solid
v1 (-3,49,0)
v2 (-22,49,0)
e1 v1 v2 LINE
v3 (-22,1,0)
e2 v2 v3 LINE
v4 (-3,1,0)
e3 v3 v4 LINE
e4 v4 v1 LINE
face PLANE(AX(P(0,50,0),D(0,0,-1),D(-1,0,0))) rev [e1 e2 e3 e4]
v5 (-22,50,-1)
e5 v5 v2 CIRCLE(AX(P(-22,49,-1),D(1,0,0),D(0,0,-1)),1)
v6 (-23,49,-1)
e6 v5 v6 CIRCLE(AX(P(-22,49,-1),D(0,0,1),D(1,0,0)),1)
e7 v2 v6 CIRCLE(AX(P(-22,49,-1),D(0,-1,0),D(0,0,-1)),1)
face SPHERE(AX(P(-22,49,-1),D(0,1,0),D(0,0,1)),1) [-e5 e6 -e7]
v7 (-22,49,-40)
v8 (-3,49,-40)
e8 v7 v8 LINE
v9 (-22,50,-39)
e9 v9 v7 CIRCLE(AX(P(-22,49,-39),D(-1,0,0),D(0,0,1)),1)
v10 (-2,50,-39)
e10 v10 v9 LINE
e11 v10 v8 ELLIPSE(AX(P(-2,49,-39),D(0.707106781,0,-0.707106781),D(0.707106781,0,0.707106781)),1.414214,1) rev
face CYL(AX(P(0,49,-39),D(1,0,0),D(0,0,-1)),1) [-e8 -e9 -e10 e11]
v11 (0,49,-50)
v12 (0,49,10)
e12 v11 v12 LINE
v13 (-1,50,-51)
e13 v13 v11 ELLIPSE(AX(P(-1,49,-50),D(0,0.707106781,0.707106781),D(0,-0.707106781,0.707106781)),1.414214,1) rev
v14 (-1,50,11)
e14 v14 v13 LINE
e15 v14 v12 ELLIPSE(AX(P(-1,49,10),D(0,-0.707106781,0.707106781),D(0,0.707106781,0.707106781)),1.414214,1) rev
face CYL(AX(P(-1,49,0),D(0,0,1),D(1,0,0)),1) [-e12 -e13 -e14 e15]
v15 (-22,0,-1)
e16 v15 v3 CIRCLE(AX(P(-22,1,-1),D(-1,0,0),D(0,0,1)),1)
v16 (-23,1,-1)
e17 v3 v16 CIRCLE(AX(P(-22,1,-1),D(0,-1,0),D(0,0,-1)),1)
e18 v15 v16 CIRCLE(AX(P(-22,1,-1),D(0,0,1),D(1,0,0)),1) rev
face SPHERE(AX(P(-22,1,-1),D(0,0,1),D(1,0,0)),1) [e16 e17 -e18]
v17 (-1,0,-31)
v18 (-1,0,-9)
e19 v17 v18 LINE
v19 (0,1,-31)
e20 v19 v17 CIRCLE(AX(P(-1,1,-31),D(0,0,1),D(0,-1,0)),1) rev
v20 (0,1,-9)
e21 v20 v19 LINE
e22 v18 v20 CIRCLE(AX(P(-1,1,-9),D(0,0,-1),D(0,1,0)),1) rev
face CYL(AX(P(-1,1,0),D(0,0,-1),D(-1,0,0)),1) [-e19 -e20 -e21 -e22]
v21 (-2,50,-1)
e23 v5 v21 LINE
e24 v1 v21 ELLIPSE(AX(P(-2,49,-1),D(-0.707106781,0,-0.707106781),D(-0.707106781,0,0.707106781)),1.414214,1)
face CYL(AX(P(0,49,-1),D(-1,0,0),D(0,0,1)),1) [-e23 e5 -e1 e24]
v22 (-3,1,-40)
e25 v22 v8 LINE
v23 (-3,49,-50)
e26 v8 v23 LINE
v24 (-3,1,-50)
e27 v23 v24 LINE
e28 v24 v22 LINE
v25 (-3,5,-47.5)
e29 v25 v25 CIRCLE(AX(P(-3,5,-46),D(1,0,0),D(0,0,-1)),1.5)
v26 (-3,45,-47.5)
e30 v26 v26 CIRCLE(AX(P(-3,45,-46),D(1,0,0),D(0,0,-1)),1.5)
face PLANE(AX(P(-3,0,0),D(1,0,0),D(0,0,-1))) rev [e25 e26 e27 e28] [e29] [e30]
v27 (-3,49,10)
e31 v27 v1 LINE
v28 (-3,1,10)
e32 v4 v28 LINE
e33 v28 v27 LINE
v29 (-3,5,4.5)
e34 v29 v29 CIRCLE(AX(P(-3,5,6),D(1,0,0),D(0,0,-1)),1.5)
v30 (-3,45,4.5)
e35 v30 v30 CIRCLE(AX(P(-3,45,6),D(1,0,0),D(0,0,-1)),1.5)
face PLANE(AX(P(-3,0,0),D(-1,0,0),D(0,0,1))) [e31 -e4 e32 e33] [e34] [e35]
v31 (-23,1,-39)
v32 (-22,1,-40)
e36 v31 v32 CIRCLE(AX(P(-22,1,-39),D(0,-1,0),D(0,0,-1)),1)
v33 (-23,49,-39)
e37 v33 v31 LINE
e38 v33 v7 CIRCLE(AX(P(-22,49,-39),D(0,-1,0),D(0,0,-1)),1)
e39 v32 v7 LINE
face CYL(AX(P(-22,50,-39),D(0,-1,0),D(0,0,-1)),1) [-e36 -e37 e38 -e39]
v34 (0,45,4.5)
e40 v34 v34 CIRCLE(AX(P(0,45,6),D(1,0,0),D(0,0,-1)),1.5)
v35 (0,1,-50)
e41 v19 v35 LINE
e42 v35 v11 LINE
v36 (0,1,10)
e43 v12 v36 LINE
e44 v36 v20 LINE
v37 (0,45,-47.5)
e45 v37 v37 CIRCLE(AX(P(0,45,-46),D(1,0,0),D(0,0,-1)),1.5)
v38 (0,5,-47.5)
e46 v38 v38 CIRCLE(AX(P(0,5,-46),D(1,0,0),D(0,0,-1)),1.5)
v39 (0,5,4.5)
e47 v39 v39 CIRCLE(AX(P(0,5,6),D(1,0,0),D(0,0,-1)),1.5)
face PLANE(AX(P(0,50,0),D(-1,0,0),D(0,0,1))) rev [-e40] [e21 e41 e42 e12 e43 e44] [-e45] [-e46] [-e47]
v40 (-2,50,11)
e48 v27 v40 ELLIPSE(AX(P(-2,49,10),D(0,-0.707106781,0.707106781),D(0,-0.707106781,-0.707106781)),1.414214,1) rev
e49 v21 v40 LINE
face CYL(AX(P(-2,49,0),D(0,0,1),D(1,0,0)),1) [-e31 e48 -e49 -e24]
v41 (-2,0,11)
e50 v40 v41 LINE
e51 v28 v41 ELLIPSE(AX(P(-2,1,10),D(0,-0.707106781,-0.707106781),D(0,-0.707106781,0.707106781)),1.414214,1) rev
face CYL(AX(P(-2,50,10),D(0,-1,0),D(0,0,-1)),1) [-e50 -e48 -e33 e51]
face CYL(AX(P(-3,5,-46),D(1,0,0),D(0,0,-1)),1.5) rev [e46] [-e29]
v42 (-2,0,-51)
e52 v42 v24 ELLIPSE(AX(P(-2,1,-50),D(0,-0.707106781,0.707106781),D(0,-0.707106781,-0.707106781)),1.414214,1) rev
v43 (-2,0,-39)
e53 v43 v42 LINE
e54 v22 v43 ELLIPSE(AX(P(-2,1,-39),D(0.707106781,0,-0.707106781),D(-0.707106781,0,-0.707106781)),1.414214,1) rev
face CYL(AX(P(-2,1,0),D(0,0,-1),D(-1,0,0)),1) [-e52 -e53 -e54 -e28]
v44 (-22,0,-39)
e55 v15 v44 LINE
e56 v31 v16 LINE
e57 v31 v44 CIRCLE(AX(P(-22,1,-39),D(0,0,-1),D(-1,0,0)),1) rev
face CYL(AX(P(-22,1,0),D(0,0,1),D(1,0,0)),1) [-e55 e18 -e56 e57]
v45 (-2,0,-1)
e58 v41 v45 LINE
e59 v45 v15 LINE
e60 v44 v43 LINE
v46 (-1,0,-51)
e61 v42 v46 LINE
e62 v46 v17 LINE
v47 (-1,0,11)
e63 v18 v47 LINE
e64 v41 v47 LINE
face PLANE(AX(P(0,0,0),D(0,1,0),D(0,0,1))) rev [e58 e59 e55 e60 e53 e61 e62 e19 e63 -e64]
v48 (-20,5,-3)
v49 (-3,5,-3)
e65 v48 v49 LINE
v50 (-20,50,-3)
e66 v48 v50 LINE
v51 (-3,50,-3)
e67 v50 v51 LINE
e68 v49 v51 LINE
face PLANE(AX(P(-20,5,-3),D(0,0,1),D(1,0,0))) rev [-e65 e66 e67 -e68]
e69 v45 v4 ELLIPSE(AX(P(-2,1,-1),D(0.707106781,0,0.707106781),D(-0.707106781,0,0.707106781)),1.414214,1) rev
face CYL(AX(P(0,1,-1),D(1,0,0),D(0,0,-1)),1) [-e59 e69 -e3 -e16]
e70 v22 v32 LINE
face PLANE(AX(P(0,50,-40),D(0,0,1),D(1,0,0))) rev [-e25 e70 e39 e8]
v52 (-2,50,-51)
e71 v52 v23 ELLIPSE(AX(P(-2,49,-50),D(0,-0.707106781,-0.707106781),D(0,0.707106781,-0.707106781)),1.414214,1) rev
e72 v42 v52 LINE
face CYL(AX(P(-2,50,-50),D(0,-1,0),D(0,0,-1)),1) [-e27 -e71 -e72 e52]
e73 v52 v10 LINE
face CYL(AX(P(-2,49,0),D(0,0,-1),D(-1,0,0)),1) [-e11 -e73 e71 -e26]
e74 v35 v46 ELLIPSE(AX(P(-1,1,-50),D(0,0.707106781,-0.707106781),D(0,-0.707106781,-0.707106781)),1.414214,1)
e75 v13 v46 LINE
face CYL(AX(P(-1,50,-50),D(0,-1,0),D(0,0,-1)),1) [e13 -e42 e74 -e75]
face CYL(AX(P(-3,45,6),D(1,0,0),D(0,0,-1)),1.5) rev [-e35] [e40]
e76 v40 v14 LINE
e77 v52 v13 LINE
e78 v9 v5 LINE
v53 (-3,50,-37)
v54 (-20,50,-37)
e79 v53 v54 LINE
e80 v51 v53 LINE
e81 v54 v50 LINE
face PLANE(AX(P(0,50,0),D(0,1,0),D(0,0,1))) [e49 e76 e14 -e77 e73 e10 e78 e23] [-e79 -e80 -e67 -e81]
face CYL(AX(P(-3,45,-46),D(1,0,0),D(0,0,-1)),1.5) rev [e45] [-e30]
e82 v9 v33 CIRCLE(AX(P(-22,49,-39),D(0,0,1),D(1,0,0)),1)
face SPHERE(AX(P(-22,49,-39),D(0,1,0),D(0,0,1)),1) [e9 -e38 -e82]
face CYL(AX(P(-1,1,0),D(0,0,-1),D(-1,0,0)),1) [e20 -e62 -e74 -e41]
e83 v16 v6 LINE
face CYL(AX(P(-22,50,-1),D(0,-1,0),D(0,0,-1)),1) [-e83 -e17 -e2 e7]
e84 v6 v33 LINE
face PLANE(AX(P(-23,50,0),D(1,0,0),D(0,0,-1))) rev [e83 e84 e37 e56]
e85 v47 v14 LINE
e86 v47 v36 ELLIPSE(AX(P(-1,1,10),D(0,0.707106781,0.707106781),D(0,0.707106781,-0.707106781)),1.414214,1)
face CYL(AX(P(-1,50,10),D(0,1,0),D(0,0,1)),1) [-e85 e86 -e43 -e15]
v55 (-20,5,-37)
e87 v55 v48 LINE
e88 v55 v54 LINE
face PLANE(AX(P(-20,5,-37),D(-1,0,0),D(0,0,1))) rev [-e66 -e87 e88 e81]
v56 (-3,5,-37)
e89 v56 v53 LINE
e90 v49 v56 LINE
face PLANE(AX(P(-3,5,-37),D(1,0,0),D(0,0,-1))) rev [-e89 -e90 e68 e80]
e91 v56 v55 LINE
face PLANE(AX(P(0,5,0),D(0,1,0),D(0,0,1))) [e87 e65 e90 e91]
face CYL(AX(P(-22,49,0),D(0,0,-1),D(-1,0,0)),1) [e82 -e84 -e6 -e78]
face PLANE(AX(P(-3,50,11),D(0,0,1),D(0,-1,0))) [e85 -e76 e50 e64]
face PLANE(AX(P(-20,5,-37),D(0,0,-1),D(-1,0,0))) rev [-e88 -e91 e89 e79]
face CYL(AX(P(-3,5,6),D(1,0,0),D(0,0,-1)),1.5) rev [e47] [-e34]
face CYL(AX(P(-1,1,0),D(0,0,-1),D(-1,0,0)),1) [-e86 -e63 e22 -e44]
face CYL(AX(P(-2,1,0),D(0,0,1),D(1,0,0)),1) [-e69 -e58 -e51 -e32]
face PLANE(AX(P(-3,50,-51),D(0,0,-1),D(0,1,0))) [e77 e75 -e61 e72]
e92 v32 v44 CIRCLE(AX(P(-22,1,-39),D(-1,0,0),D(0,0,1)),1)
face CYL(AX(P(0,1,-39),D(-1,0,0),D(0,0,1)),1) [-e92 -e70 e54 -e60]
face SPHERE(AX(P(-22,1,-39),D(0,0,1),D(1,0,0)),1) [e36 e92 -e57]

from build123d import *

# Parameters (mm, degrees)
CROQUIS2_W              = 23
CROQUIS2_H              = 40
SALIENTE_EXTRUIR1_DEPTH = 50
CROQUIS3_W              = 17
CROQUIS3_H              = 34
CORTAR_EXTRUIR1_DEPTH   = 45
REDONDEO1_R             = 1
CROQUIS5_W              = 20
CROQUIS5_H              = 50
CROQUIS5_R              = 1.5
SALIENTE_EXTRUIR3_DEPTH = 3
REDONDEO2_R             = 1


with BuildPart() as part:
    # Croquis2 → Saliente-Extruir1 (new body)
    with BuildSketch(Plane(origin=(0, 0, 0), x_dir=(1, 0, 0), z_dir=(0, 1, 0))):
        with Locations((-11.5, 20)):
            Rectangle(CROQUIS2_W, CROQUIS2_H)
    extrude(amount=SALIENTE_EXTRUIR1_DEPTH)

    # Croquis3 → Cortar-Extruir1 (cut)
    with BuildSketch(Plane(origin=(0, 50, 0), x_dir=(1, 0, 0), z_dir=(0, 1, 0))):
        with Locations((-11.5, 20)):
            Rectangle(CROQUIS3_W, CROQUIS3_H)
    extrude(amount=-CORTAR_EXTRUIR1_DEPTH, mode=Mode.SUBTRACT)

    # Redondeo1
    redondeo1_edges = [part.edges().sort_by_distance(p)[0] for p in [
        (-11.5, 0, 0),
        (-23, 0, -20),
        (-11.5, 0, -40),
        (0, 0, -20),
        (0, 25, 0),
        (-23, 25, 0),
        (-23, 25, -40),
        (0, 25, -40),
    ]]
    fillet(redondeo1_edges, radius=REDONDEO1_R)

    # Croquis5 → Saliente-Extruir3 (add)
    # profile 1 of 2: a face of its own
    with BuildSketch(Plane(origin=(0, 0, 0), x_dir=(0, 0, -1), z_dir=(1, 0, 0))):
        with Locations((-1, 25)):
            Rectangle(CROQUIS5_W, CROQUIS5_H)
        with Locations((-6, 45)):
            Circle(CROQUIS5_R, mode=Mode.SUBTRACT)
        with Locations((-6, 5)):
            Circle(CROQUIS5_R, mode=Mode.SUBTRACT)
    # profile 2 of 2: a face of its own
    with BuildSketch(Plane(origin=(0, 0, 0), x_dir=(0, 0, -1), z_dir=(1, 0, 0))):
        with Locations((41, 25)):
            Rectangle(CROQUIS5_W, CROQUIS5_H)
        with Locations((46, 5)):
            Circle(CROQUIS5_R, mode=Mode.SUBTRACT)
        with Locations((46, 45)):
            Circle(CROQUIS5_R, mode=Mode.SUBTRACT)
    extrude(amount=-SALIENTE_EXTRUIR3_DEPTH)

    # Redondeo2
    redondeo2_edges = [part.edges().sort_by_distance(p)[0] for p in [
        (-12.5, 50, 0),
        (-22.707106781, 50, -0.292893219),
        (-23, 50, -20),
        (-22.707106781, 50, -39.707106781),
        (-12.5, 50, -40),
        (-3, 0, -45),
        (-3, 25, -51),
        (-3, 50, -45.5),
        (0, 25, -51),
        (0, 0, -41),
        (0, 0, 1),
        (0, 25, 11),
        (-3, 25, 11),
        (0, 50, -20),
        (-3, 50, 5.5),
        (-3, 0, 5),
    ]]
    fillet(redondeo2_edges, radius=REDONDEO2_R)


solid = part.part
